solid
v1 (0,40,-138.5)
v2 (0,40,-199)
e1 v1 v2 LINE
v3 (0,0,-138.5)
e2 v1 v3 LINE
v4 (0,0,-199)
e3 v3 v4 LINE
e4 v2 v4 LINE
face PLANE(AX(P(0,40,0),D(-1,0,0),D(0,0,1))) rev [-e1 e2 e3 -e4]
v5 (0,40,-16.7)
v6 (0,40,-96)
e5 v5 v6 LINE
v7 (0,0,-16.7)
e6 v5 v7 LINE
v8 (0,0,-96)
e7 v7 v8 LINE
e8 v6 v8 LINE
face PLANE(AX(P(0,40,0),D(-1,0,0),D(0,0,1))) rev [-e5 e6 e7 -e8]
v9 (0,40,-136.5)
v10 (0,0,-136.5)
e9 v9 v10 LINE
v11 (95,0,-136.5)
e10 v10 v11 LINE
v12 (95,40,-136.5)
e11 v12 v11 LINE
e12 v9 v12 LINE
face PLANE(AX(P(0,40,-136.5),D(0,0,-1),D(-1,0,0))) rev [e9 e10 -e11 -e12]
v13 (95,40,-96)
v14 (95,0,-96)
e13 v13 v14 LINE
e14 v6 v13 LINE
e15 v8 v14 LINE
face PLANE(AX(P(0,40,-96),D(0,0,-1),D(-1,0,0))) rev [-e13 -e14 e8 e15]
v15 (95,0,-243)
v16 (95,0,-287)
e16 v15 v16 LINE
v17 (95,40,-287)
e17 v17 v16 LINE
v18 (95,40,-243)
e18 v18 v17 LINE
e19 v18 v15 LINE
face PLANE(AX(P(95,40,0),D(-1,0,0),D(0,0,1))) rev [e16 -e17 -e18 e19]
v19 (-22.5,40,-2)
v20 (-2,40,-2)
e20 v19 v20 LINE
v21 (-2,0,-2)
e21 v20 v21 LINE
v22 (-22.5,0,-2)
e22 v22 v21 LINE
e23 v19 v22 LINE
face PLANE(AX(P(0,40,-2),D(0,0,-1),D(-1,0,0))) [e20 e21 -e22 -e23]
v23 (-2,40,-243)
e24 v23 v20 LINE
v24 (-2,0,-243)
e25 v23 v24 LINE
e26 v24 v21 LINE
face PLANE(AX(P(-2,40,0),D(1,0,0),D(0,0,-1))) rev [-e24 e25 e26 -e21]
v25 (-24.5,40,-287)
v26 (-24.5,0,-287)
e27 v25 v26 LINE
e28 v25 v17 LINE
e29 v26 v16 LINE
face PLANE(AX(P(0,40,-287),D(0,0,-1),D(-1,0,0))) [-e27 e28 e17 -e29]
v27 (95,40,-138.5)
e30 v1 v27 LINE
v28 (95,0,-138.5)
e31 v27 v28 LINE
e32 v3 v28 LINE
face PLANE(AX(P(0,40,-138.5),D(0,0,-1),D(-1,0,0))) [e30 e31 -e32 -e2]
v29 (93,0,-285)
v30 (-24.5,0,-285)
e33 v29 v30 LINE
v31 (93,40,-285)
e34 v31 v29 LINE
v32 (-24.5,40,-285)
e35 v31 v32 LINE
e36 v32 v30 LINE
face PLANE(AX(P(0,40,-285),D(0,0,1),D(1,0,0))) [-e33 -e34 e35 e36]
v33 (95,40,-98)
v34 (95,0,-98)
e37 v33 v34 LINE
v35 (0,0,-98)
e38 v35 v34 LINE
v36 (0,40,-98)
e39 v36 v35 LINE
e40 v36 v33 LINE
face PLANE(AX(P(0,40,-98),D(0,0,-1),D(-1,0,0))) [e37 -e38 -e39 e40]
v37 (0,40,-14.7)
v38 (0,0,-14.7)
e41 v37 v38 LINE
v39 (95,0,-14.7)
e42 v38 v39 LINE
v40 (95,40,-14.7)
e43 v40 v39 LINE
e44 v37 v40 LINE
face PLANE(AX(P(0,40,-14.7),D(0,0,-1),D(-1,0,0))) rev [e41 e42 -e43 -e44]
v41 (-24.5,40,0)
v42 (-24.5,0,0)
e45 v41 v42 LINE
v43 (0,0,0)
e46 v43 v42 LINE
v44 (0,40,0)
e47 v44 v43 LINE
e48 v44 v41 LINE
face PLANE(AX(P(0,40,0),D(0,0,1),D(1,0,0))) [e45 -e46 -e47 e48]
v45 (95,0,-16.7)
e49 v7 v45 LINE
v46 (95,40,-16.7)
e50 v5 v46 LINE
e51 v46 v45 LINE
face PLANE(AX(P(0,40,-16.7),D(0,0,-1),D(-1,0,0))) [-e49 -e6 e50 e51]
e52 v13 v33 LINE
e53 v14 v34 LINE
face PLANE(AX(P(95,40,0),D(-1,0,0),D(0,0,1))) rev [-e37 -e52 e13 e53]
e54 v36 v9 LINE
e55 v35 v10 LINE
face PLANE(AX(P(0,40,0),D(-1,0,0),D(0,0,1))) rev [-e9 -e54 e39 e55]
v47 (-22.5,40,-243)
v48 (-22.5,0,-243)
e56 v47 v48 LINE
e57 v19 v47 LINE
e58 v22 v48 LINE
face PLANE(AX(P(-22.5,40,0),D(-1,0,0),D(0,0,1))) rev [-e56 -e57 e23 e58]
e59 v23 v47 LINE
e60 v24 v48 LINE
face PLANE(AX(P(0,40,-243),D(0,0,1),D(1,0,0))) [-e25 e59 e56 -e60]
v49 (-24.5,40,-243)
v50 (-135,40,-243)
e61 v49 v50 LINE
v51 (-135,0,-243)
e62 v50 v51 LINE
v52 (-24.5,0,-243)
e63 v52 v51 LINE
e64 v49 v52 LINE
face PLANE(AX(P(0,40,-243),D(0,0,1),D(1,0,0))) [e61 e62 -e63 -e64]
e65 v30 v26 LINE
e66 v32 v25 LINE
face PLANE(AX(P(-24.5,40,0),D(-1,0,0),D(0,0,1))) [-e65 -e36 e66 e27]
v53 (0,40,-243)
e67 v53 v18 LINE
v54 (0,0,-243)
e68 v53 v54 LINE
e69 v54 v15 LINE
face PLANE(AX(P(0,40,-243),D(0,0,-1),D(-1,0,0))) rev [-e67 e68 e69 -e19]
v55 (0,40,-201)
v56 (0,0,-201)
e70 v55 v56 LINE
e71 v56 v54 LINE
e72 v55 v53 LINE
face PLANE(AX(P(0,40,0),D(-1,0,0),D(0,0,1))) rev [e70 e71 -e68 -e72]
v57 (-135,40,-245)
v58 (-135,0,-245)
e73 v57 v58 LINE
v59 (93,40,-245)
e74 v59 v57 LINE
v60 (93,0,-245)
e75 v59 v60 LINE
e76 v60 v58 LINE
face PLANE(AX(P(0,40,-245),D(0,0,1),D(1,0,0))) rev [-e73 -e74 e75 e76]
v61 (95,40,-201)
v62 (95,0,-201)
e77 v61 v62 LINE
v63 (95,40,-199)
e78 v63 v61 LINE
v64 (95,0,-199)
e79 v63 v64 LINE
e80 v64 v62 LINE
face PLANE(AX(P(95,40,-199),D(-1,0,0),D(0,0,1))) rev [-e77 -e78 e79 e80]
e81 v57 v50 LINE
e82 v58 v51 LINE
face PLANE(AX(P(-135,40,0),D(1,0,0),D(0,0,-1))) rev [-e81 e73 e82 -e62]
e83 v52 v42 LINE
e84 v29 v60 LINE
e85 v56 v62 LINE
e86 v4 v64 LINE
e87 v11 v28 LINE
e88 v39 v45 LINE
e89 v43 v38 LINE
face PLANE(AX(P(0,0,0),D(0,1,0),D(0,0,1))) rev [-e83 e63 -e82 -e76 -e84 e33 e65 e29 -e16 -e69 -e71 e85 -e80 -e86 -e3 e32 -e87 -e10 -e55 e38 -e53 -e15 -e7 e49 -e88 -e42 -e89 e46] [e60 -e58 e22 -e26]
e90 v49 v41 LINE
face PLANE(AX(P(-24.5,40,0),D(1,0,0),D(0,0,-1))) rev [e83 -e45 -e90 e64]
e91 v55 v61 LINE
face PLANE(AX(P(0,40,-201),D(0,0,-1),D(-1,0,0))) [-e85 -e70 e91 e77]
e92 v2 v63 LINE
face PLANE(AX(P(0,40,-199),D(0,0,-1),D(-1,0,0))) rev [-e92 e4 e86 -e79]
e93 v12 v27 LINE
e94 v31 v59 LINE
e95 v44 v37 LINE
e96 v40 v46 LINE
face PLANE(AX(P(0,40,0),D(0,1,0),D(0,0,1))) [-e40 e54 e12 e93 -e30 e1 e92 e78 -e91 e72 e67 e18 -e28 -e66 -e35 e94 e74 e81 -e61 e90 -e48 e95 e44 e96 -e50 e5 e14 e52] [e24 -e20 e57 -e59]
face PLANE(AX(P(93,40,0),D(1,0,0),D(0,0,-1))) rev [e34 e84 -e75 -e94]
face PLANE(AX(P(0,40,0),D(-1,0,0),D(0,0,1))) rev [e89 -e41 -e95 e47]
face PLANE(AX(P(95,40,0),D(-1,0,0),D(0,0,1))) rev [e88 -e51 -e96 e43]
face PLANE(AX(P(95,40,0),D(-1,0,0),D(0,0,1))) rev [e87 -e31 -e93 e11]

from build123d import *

# Parameters (mm, degrees)
BOSS_EXTRUDE1_DEPTH = 40
SKETCH1_4_W         = 20.5
SKETCH1_4_H         = 2
BOSS_EXTRUDE2_DEPTH = 40


with BuildPart() as part:
    # Sketch1 → Boss-Extrude1 (new body)
    with BuildSketch(Plane(origin=(0, 0, 0), x_dir=(1, 0, 0), z_dir=(0, 1, 0))):
        Polygon((95, 16.7), (0, 16.7), (0, 96), (95, 96), (95, 98), (0, 98), (0, 136.5), (95, 136.5), (95, 138.5), (0, 138.5), (0, 199), (95, 199), (95, 201), (0, 201), (0, 243), (95, 243), (95, 287), (-24.5, 287), (-24.5, 285), (93, 285), (93, 245), (-135, 245), (-135, 243), (-24.5, 243), (-24.5, 0), (-22.5, 0), (-22.5, 243), (-2, 243), (-2, 0), (0, 0), (0, 14.7), (95, 14.7), align=None)
    extrude(amount=BOSS_EXTRUDE1_DEPTH)

    # Sketch1<4> → Boss-Extrude2 (add)
    with BuildSketch(Plane(origin=(0, 0, 0), x_dir=(1, 0, 0), z_dir=(0, 1, 0))):
        with Locations((-12.25, 1)):
            Rectangle(SKETCH1_4_W, SKETCH1_4_H)
    extrude(amount=BOSS_EXTRUDE2_DEPTH)


solid = part.part
